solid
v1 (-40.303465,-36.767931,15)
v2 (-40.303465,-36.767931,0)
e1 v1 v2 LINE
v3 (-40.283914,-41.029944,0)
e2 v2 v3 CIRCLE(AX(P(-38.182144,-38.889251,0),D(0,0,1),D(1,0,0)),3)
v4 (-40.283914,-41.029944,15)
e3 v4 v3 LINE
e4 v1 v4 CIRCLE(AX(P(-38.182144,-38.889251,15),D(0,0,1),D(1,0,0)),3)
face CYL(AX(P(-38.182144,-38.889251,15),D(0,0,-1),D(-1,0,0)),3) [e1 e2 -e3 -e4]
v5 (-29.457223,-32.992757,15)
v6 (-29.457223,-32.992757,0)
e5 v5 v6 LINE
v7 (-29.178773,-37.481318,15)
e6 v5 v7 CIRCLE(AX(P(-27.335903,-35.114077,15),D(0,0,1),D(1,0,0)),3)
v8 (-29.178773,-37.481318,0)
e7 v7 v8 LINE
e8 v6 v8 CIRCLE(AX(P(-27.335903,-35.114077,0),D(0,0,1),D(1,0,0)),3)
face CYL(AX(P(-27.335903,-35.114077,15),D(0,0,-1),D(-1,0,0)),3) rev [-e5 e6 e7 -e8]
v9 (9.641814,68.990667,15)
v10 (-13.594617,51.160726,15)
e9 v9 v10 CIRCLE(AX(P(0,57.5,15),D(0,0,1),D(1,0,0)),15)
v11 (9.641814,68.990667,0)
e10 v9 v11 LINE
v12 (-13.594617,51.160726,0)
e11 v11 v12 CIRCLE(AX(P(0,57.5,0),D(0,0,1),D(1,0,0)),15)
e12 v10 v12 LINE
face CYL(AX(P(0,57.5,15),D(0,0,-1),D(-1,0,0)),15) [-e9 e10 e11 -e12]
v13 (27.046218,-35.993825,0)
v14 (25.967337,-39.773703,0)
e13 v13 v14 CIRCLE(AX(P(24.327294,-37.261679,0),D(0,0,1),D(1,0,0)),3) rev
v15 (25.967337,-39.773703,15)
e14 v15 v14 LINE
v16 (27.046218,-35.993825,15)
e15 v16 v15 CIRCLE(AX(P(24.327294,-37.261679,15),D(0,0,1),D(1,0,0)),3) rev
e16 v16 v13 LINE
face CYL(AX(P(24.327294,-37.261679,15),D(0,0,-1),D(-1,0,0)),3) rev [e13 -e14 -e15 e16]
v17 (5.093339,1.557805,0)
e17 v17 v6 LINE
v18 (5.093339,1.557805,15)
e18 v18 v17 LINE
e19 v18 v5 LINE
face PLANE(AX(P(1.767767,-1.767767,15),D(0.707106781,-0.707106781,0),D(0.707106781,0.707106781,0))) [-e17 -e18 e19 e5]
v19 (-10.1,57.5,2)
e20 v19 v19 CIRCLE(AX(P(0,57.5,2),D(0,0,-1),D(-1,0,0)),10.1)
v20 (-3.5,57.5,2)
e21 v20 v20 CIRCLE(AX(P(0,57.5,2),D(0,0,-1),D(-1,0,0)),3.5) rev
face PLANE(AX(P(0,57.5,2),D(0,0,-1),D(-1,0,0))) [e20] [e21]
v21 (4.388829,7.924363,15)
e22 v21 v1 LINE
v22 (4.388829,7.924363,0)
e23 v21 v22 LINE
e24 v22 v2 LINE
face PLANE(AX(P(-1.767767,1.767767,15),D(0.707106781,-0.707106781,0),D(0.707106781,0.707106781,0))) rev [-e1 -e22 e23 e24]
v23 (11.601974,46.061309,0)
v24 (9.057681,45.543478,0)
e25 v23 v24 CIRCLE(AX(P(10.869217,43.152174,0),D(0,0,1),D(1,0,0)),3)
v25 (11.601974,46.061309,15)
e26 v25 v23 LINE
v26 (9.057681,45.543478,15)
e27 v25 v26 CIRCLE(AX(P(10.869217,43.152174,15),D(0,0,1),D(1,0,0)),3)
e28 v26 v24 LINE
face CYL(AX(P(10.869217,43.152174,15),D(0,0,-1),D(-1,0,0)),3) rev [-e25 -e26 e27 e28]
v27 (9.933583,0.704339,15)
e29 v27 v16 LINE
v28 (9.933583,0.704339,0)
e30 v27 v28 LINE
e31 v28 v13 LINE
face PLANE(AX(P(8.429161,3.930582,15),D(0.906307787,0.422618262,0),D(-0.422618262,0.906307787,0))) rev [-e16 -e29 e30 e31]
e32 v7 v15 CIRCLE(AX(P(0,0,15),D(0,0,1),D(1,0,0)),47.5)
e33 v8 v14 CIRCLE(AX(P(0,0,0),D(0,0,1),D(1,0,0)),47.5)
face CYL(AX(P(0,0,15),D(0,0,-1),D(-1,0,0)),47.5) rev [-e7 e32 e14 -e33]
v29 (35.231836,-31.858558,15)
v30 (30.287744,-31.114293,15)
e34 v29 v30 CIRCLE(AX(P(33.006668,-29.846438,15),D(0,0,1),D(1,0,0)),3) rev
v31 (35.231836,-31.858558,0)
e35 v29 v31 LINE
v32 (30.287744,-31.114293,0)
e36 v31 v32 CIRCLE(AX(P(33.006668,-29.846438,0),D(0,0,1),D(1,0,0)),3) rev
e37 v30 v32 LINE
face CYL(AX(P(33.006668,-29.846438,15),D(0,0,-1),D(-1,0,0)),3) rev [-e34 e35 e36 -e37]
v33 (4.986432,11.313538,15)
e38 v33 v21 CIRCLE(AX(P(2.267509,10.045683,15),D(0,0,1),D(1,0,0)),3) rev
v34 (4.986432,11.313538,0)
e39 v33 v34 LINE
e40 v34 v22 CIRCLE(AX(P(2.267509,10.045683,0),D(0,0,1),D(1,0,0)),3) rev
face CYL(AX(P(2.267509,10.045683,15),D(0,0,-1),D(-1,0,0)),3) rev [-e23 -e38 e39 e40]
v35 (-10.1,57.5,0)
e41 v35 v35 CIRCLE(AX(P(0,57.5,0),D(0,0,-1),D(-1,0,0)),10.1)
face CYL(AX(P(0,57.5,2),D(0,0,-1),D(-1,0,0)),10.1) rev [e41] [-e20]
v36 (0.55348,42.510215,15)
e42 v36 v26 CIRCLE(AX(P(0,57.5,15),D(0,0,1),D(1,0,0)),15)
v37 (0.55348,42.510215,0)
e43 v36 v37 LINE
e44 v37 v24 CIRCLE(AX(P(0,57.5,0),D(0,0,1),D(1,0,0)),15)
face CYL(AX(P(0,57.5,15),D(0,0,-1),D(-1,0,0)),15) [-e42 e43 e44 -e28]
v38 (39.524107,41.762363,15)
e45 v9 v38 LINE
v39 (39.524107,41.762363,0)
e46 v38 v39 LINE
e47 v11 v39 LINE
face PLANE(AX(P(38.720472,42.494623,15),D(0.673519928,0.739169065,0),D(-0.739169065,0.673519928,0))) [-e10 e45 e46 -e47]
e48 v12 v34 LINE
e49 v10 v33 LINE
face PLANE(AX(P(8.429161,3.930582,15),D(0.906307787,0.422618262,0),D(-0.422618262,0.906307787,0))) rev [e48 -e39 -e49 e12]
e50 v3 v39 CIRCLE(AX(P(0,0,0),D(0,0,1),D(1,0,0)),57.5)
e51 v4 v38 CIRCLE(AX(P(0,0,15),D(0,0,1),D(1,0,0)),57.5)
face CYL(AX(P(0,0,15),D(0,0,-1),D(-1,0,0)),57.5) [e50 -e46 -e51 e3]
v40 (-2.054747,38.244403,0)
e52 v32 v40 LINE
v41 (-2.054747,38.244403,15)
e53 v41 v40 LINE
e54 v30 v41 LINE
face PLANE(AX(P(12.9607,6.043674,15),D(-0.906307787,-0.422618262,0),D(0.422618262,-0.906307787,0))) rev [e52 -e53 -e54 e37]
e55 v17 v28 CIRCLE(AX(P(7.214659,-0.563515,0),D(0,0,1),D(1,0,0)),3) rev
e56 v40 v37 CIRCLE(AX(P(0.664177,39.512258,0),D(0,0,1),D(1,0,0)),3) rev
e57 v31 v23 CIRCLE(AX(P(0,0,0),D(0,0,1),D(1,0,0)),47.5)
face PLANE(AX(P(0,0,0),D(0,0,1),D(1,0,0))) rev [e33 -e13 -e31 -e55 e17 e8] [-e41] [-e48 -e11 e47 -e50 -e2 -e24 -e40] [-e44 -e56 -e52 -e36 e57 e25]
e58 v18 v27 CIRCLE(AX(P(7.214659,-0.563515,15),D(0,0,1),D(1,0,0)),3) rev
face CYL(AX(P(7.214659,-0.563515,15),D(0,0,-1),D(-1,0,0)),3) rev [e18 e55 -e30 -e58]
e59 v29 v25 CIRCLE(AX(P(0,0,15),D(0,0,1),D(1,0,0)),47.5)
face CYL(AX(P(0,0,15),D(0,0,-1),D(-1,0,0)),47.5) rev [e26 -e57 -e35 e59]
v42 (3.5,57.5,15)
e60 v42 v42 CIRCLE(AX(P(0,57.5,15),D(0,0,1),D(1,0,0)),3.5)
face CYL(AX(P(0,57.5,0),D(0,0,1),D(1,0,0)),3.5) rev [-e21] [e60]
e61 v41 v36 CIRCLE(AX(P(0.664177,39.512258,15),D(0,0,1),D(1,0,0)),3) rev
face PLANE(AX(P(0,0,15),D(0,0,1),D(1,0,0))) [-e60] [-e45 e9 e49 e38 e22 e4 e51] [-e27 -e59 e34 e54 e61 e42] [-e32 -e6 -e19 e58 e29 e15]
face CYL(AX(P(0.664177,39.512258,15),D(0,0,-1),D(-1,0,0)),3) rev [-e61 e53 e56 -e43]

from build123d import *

# Parameters (mm, degrees)
EXTRUDE_1_DEPTH     = 15
SKETCH_6_R          = 3.5
CUT_EXTRUDE_2_DEPTH = 15
SKETCH_8_R          = 10.1
CUT_EXTRUDE_4_DEPTH = 2


with BuildPart() as part:
    # ｽｹｯﾁ1 → ﾎﾞｽ - 押し出し1 (new body)
    with BuildSketch(Plane.XY):
        with BuildLine():
            Line((10.546944731, 68.165925034), (9.641814145, 68.990666647))
            ThreePointArc((9.641814145, 68.990666647), (-9.131421435, 69.400300104), (-13.594616806, 51.160726074))
            Line((-13.594616806, 51.160726074), (4.986432096, 11.313538113))
            ThreePointArc((4.986432096, 11.313538113), (5.221931994, 9.524738795), (4.388829079, 7.924362985))
            Line((4.388829079, 7.924362985), (-40.303464689, -36.767930783))
            ThreePointArc((-40.303464689, -36.767930783), (-41.182112782, -38.903012739), (-40.283913759, -41.029943849))
            ThreePointArc((-40.283913759, -41.029943849), (41.397896806, -39.905690573), (39.524106652, 41.762363359))
            Line((39.524106652, 41.762363359), (37.916838192, 43.226882625))
            Line((37.916838192, 43.226882625), (10.546944731, 68.165925034))
        make_face()
        with BuildLine():
            ThreePointArc((5.093338956, 1.55780505), (7.735603832, 2.390907965), (9.933582661, 0.704339492))
            Line((9.933582661, 0.704339492), (27.046217634, -35.993824637))
            ThreePointArc((27.046217634, -35.993824637), (27.212084573, -38.085077821), (25.967336583, -39.773702754))
            ThreePointArc((25.967336583, -39.773702754), (-1.972837213, -47.459012983), (-29.17877254, -37.481318454))
            ThreePointArc((-29.17877254, -37.481318454), (-30.330146685, -35.299826939), (-29.457223039, -32.992756945))
            Line((-29.457223039, -32.992756945), (5.093338956, 1.55780505))
        make_face(mode=Mode.SUBTRACT)
        with BuildLine():
            ThreePointArc((35.231836325, -31.858557864), (32.560090836, -32.813013733), (30.287744354, -31.114293205))
            Line((30.287744354, -31.114293205), (-2.054746852, 38.244403012))
            ThreePointArc((-2.054746852, 38.244403012), (-1.895310582, 41.077194163), (0.553480425, 42.510214831))
            ThreePointArc((0.553480425, 42.510214831), (5.039223996, 43.371793408), (9.057681155, 45.543478261))
            ThreePointArc((9.057681155, 45.543478261), (10.270904088, 46.091905397), (11.601973614, 46.061309233))
            ThreePointArc((11.601973614, 46.061309233), (45.455779175, 13.784851815), (35.231836325, -31.858557864))
        make_face(mode=Mode.SUBTRACT)
    extrude(amount=EXTRUDE_1_DEPTH)

    # ｽｹｯﾁ6 → ｶｯﾄ - 押し出し2 (cut)
    with BuildSketch(Plane.XY.offset(15)):
        with Locations((0, 57.5)):
            Circle(SKETCH_6_R)
    extrude(amount=-CUT_EXTRUDE_2_DEPTH, mode=Mode.SUBTRACT)

    # ｽｹｯﾁ8 → ｶｯﾄ - 押し出し4 (cut)
    with BuildSketch(Plane(origin=(0, 0, 0), x_dir=(-1, 0, 0), z_dir=(0, 0, -1))):
        with Locations((0, 57.5)):
            Circle(SKETCH_8_R)
    extrude(amount=-CUT_EXTRUDE_4_DEPTH, mode=Mode.SUBTRACT)


solid = part.part
